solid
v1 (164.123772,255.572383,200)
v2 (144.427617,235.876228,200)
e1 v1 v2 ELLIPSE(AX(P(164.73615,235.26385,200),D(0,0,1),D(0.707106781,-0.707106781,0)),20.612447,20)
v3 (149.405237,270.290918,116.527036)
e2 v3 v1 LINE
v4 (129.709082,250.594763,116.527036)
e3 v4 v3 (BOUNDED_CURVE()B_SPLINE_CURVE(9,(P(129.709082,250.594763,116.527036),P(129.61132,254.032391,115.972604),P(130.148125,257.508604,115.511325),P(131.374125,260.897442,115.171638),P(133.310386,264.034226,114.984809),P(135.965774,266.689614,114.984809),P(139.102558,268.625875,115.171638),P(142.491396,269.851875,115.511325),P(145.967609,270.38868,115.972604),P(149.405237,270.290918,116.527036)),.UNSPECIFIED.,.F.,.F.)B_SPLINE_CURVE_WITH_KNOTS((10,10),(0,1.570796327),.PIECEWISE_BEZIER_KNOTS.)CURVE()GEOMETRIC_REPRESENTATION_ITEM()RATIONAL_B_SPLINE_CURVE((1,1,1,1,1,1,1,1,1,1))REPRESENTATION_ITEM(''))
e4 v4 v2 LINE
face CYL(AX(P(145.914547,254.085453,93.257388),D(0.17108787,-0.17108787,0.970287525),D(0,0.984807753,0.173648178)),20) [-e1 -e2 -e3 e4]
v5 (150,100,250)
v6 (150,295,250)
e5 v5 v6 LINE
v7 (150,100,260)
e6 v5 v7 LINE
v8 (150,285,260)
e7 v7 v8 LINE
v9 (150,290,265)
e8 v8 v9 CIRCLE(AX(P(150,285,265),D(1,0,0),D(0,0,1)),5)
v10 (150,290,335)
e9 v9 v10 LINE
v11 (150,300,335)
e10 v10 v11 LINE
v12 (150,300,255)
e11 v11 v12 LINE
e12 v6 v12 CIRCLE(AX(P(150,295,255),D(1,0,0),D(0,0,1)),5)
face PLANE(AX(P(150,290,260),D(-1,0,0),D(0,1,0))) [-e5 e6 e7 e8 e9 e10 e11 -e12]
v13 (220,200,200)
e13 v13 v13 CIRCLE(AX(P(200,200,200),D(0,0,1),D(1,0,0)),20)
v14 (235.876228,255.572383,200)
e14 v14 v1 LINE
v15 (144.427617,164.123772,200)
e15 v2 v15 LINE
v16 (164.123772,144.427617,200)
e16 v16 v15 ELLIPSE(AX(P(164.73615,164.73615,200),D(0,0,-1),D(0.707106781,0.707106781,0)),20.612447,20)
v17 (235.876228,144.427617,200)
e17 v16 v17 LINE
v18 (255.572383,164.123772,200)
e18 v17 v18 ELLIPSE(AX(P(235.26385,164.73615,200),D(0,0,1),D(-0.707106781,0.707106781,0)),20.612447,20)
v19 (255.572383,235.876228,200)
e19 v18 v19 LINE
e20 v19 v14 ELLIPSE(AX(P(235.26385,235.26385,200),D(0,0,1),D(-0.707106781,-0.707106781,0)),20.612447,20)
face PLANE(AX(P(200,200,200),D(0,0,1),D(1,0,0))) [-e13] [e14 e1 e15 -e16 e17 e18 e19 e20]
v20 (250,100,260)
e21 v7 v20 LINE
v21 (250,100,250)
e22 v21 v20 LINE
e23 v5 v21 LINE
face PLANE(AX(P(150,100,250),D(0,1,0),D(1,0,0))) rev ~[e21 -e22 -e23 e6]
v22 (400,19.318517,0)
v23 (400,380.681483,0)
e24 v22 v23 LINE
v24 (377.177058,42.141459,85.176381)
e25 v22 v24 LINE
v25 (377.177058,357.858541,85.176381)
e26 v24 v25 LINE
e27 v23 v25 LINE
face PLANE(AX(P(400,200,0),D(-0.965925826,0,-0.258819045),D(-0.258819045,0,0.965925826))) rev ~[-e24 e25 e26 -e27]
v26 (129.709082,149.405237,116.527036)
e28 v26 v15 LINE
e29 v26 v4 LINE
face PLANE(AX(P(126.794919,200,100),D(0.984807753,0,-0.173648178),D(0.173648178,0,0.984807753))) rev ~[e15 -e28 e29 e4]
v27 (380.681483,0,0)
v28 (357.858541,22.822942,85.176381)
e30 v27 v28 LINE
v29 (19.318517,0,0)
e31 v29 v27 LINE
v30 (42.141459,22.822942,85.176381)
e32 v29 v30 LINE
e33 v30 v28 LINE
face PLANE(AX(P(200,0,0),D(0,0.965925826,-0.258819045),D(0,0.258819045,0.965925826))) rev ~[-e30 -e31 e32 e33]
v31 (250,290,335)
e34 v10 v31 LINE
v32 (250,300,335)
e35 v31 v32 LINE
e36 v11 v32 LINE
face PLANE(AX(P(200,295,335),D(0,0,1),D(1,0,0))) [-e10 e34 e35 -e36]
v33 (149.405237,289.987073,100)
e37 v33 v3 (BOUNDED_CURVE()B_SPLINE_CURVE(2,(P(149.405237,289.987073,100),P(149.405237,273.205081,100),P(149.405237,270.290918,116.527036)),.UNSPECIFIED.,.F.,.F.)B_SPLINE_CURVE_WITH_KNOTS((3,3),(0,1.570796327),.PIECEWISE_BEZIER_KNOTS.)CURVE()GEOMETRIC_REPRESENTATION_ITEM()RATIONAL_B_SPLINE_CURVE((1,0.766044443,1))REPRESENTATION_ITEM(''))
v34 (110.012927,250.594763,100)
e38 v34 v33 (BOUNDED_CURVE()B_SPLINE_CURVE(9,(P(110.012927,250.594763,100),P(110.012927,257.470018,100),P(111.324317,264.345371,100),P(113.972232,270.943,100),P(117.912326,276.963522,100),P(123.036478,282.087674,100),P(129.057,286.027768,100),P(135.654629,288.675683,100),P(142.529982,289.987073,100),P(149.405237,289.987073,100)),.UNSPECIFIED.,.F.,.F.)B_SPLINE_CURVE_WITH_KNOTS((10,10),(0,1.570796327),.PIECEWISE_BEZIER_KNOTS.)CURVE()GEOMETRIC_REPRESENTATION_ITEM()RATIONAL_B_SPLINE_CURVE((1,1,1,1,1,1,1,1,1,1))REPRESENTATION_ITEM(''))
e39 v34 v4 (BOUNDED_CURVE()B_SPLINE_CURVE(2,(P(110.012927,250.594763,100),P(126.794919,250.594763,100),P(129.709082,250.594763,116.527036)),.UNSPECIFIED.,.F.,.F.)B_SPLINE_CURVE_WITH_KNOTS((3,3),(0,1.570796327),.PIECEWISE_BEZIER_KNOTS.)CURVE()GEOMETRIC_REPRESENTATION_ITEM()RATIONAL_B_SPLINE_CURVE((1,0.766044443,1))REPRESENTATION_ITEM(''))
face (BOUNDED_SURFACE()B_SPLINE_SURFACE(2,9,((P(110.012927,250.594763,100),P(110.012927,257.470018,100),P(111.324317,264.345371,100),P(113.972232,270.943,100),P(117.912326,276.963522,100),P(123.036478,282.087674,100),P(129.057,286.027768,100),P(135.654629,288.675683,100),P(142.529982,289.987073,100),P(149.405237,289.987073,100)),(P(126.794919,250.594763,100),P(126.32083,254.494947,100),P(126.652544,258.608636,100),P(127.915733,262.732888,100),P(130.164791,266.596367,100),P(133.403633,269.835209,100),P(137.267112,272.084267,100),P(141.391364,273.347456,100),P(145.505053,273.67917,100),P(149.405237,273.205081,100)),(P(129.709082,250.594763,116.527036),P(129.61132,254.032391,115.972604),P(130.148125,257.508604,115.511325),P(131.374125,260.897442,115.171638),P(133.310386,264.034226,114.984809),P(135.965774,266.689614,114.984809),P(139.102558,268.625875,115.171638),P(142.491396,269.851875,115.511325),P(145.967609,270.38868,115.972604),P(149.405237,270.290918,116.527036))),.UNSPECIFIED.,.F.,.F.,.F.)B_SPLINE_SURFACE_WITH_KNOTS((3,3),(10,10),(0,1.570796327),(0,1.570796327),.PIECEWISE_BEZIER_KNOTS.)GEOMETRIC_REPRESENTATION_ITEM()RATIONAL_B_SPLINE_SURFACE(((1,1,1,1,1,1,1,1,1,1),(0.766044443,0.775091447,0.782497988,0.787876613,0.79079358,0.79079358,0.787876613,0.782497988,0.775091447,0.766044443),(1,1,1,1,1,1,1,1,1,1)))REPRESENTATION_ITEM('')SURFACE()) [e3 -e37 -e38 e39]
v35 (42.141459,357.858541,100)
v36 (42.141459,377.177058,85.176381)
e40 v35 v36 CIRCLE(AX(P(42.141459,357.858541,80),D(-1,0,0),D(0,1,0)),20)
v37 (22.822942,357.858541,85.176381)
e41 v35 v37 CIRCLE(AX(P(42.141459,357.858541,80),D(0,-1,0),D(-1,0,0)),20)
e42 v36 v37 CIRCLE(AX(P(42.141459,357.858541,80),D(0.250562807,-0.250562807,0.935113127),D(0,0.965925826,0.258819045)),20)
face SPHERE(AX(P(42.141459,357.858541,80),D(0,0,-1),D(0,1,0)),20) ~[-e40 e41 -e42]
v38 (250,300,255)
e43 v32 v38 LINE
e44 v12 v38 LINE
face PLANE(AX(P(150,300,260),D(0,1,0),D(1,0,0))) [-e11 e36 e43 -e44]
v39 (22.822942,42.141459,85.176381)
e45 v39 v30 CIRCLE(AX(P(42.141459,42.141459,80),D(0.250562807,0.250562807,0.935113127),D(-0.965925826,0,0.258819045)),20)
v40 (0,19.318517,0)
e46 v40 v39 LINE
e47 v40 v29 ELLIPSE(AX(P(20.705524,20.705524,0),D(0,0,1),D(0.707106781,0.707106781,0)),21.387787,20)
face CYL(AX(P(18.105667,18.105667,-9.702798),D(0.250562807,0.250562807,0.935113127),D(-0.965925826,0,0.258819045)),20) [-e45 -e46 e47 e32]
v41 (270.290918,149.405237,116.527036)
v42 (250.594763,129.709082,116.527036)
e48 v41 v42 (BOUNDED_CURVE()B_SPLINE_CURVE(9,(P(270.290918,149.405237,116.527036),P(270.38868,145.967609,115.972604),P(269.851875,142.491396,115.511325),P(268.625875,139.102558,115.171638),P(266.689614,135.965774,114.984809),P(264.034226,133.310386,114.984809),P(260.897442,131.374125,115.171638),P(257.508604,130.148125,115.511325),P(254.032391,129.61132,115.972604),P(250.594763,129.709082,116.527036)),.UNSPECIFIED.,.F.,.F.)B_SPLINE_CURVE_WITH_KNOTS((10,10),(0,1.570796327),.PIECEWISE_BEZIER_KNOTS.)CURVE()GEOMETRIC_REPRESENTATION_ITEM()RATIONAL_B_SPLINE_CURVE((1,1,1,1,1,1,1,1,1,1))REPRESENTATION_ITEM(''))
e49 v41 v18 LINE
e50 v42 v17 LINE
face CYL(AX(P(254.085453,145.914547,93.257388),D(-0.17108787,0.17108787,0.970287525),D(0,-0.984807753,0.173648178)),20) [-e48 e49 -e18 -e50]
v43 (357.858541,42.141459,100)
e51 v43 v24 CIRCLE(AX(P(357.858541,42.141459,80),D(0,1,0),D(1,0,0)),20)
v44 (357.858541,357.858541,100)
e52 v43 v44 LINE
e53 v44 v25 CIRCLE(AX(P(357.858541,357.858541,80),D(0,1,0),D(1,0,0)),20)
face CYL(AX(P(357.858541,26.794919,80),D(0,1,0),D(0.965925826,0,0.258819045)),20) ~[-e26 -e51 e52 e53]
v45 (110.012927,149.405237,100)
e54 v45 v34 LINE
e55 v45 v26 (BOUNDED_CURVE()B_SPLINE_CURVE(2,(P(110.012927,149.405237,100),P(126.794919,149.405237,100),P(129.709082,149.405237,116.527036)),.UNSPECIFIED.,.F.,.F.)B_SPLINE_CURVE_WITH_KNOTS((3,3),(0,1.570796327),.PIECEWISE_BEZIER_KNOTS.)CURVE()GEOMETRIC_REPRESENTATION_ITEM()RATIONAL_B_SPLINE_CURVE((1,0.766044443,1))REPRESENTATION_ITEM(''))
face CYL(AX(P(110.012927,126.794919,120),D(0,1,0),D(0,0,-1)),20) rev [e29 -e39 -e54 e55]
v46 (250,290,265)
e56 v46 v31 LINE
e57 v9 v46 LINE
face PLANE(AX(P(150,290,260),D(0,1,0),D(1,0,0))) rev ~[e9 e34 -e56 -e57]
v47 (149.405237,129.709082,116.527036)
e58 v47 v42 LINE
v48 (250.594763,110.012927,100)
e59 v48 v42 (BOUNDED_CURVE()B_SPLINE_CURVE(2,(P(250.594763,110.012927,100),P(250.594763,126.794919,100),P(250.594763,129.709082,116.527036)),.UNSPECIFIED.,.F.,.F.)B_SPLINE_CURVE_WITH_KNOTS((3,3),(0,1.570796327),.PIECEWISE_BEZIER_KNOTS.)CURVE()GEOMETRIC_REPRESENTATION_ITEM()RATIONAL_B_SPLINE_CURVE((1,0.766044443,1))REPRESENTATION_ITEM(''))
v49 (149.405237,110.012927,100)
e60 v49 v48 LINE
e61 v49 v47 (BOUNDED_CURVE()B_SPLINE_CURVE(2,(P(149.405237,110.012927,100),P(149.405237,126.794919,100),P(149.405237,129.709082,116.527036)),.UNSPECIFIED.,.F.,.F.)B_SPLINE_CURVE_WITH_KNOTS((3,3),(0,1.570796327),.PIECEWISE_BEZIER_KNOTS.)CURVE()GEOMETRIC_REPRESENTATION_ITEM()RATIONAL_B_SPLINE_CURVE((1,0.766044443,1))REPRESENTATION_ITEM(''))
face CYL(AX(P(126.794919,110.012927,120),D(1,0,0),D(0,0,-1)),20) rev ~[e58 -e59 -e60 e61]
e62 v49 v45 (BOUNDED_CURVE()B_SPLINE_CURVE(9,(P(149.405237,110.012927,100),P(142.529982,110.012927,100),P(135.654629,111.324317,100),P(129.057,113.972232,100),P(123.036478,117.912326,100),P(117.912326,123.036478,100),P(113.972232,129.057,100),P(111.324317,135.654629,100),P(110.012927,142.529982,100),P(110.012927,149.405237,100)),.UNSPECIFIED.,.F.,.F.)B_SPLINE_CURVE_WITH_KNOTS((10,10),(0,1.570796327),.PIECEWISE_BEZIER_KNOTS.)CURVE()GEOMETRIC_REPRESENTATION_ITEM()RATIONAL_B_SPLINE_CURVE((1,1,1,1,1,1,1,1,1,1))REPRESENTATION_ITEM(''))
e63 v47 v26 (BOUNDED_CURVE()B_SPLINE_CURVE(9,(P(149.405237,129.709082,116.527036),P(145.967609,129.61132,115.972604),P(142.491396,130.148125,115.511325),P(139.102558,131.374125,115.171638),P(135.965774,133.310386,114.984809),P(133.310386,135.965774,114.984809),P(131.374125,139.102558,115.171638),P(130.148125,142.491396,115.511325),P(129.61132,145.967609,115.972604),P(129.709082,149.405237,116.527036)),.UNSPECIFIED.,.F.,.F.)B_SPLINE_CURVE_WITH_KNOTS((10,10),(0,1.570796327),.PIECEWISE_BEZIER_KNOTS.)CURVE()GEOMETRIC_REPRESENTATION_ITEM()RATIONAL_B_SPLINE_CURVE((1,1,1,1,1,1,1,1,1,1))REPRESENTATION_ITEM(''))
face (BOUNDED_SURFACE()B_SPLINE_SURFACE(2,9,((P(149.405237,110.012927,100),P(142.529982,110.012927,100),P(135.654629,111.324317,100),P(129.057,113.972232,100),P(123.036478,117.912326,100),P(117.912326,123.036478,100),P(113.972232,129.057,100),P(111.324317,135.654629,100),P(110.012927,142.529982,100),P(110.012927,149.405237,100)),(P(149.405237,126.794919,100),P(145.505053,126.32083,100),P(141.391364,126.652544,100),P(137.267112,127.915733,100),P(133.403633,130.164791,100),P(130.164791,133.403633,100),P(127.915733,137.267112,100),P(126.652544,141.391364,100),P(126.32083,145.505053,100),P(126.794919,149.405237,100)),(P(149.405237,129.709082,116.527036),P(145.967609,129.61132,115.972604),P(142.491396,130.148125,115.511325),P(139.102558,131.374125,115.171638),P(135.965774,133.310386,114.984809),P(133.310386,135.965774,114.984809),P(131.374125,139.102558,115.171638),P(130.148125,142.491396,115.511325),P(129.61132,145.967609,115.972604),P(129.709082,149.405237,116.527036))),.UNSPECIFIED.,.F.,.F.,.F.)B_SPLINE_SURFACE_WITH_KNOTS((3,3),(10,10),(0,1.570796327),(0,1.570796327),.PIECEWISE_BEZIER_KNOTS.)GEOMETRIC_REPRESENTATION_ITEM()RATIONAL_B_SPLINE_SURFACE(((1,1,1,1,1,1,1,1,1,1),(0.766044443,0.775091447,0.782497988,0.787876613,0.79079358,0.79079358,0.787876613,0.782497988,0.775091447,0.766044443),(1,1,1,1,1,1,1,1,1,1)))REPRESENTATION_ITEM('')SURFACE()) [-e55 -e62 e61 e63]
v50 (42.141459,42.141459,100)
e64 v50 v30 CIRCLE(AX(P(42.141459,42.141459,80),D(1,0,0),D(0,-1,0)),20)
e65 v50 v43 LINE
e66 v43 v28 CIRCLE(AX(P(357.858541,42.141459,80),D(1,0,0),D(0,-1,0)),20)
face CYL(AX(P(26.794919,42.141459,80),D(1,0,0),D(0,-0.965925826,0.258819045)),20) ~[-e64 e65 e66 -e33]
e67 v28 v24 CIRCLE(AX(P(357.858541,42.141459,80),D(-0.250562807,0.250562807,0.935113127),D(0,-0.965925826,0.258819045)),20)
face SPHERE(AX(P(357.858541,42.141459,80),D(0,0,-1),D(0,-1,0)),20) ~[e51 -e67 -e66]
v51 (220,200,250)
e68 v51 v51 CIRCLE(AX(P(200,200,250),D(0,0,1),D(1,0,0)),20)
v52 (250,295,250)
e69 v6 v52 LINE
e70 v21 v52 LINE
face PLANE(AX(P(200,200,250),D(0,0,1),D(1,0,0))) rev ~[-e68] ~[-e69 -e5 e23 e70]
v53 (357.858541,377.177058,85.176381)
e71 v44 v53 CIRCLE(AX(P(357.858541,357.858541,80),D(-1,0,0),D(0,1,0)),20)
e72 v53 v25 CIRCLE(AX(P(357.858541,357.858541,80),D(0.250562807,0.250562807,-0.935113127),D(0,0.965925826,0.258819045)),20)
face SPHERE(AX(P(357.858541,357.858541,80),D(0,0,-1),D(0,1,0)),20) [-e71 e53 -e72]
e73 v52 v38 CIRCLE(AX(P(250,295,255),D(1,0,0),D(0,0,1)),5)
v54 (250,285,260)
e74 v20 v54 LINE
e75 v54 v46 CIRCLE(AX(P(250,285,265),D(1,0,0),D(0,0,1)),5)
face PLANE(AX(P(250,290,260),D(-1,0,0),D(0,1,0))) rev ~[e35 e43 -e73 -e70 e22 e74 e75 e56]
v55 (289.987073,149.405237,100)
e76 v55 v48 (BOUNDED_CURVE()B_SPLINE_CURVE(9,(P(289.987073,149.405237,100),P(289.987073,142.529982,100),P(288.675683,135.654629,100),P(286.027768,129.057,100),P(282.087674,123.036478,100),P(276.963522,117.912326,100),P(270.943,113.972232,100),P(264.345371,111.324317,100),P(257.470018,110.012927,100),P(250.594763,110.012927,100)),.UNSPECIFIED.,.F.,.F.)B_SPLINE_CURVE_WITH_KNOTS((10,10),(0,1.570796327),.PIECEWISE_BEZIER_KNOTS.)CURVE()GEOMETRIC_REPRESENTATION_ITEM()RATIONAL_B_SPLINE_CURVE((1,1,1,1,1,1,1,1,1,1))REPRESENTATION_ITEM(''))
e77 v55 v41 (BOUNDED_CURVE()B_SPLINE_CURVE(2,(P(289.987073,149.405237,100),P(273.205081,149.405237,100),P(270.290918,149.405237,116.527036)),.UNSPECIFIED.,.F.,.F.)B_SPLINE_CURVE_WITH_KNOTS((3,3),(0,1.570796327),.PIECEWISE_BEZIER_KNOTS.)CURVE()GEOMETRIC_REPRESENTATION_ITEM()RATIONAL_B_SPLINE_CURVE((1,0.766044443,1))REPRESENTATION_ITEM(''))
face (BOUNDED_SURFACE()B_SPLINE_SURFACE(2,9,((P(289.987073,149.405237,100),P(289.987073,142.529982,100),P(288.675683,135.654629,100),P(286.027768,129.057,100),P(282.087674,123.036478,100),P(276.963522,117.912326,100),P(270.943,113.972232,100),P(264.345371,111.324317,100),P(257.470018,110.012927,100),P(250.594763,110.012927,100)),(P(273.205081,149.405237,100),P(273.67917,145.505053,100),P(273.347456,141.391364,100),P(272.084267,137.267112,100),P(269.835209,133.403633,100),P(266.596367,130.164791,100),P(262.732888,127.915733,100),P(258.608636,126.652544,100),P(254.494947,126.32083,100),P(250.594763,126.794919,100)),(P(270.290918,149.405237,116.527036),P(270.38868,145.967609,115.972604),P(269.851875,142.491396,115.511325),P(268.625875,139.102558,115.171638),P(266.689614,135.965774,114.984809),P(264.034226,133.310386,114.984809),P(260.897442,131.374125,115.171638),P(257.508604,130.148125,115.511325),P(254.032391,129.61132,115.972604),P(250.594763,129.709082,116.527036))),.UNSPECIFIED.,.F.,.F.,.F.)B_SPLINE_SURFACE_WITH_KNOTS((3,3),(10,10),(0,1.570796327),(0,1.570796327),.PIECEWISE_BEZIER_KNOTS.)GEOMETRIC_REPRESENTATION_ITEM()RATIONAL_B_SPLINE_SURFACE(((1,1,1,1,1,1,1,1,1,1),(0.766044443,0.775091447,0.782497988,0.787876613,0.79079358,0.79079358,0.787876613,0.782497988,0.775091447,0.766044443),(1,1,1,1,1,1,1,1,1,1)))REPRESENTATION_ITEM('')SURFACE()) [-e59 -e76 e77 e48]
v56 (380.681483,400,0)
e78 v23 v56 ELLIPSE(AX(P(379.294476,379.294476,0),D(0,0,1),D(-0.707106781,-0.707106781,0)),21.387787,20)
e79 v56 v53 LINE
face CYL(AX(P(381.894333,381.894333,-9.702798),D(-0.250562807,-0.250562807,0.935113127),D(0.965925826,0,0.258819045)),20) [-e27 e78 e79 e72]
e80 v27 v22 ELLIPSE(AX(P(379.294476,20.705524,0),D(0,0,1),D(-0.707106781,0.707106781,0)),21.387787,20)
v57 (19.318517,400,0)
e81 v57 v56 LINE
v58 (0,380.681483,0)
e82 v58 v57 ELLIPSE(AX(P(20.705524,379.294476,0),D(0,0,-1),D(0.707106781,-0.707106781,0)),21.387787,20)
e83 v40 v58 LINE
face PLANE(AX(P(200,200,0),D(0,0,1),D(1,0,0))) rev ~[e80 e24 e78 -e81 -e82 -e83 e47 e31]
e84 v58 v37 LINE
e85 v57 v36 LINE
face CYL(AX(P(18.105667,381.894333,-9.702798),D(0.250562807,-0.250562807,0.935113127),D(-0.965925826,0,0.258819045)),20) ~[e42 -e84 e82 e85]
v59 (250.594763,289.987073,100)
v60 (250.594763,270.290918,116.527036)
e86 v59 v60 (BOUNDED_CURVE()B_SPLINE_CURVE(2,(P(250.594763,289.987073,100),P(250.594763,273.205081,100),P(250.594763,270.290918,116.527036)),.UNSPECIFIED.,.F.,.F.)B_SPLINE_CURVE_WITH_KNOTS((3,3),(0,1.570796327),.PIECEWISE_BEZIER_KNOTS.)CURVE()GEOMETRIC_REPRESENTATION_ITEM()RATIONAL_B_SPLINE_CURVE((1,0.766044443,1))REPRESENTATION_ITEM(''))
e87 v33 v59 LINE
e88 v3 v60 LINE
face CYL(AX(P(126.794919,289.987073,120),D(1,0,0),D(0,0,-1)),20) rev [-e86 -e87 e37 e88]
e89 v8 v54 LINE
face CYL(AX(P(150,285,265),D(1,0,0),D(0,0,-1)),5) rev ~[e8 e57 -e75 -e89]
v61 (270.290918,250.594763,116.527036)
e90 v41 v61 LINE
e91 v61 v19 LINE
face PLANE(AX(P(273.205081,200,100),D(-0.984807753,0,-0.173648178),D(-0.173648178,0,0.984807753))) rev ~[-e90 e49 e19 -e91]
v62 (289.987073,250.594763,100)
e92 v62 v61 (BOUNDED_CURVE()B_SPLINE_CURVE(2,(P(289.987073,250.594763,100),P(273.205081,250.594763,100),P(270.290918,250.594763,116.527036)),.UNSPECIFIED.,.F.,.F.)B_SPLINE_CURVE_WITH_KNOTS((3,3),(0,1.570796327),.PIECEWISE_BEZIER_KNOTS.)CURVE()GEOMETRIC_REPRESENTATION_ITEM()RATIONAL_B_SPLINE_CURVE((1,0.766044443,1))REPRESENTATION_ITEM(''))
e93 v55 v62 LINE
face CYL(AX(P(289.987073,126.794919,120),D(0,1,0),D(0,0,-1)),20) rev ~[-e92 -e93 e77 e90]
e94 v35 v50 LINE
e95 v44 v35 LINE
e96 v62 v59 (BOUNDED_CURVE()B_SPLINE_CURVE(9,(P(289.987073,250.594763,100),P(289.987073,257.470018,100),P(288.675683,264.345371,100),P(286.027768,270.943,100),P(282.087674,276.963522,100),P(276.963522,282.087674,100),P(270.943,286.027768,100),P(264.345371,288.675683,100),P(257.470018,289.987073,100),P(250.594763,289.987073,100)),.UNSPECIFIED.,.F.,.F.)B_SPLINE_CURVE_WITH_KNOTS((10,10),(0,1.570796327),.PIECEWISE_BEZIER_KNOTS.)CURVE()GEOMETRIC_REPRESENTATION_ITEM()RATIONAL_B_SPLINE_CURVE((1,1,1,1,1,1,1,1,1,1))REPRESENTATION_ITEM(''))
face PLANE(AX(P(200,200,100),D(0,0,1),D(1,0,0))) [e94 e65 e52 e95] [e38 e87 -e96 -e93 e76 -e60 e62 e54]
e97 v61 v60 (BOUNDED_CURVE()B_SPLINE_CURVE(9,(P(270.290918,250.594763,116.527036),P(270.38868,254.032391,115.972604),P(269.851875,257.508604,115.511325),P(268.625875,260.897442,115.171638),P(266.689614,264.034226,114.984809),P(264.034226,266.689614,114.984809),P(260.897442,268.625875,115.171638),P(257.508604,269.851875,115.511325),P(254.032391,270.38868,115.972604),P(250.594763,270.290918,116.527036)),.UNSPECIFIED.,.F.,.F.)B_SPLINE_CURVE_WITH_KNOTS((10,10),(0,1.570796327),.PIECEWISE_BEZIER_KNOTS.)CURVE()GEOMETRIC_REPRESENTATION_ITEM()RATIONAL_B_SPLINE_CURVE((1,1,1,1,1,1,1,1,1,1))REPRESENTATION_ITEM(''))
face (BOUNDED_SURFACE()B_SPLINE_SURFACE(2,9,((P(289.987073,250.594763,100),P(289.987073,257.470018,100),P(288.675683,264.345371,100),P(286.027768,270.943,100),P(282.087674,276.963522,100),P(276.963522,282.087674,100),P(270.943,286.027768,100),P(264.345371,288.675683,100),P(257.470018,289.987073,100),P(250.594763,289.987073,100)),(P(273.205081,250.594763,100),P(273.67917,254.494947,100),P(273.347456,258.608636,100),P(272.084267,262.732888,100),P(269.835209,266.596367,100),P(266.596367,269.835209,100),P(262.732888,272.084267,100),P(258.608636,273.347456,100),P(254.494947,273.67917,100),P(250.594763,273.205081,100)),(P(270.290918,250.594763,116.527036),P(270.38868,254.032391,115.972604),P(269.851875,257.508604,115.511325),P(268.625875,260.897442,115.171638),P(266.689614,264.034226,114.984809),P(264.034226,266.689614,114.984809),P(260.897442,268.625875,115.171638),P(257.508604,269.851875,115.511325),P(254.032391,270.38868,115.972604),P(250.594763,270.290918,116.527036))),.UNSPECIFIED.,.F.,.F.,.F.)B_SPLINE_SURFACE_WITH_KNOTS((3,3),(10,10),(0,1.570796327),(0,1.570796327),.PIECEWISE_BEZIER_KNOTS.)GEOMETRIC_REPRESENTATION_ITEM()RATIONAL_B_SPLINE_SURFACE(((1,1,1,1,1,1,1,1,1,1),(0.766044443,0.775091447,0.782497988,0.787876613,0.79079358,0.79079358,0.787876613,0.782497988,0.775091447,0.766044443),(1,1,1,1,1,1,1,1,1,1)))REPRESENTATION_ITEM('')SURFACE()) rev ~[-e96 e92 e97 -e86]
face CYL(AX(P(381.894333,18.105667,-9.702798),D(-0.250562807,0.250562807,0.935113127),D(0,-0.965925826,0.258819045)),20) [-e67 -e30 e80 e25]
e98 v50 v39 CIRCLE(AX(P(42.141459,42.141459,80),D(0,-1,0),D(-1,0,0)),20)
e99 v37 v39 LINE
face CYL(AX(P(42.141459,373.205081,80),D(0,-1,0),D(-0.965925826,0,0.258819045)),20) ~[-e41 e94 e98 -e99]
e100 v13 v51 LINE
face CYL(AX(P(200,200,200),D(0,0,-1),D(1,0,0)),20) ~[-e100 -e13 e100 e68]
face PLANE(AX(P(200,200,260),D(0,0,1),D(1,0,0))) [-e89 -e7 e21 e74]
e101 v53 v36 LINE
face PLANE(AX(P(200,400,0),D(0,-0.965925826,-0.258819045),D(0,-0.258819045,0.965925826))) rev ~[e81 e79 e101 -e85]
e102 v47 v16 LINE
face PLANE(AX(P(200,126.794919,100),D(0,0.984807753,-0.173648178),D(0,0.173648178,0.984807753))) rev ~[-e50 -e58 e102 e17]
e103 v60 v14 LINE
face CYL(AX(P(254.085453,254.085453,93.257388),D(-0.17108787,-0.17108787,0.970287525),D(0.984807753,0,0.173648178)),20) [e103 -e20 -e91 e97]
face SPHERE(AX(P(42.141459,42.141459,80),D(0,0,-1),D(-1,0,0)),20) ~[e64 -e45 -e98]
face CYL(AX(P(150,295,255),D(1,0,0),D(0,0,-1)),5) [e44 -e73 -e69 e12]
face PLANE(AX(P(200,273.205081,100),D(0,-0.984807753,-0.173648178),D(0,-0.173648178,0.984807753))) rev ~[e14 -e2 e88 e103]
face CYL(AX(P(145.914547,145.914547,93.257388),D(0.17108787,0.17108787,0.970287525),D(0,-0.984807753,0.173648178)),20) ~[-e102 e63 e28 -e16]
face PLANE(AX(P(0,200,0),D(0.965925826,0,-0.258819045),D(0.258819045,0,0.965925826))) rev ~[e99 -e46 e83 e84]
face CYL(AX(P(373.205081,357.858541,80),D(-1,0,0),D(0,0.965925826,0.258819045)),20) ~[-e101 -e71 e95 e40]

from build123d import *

# Parameters (mm, degrees)
F0_W      = 400
F0_H      = 400
F1_DEPTH  = 100
F1_TAPER  = 15
F2_W      = 146.4101615138
F2_H      = 146.4101615138
F3_DEPTH  = 100
F3_TAPER  = 10
F4_R      = 20
F5_R      = 20
F6_DEPTH  = 50
F7_W      = 100
F7_H      = 200
F7_R      = 20
F8_DEPTH  = 10
F9_W      = 100
F9_H      = 10
F10_DEPTH = 75
F11_R     = 5


with BuildPart() as f1:
    # F0 (on Top) → F1 (new body)
    with BuildSketch(Plane.XY):
        with Locations((200, 200)):
            Rectangle(F0_W, F0_H)
    extrude(amount=F1_DEPTH, taper=F1_TAPER)

    # F2 (on face) → F3 (join)
    with BuildSketch(Plane.XY.offset(100)):
        with Locations((200, 200)):
            Rectangle(F2_W, F2_H)
    extrude(amount=F3_DEPTH, taper=F3_TAPER)

    # F4
    f4_edges = [f1.edges().sort_by_distance(p)[0] for p in [
        (13.39746, 13.39746, 50),
        (386.60254, 13.39746, 50),
        (13.39746, 386.60254, 50),
        (386.60254, 386.60254, 50),
        (200, 373.205081, 100),
        (26.794919, 200, 100),
        (200, 26.794919, 100),
        (373.205081, 200, 100),
        (273.205081, 200, 100),
        (200, 126.794919, 100),
        (264.388732, 135.611268, 150),
        (126.794919, 200, 100),
        (135.611268, 135.611268, 150),
        (200, 273.205081, 100),
        (264.388731, 264.388731, 150.000003),
        (135.611268, 264.388732, 150),
    ]]
    fillet(f4_edges, radius=F4_R)

    # F5 (on face) → F6 (join)
    with BuildSketch(Plane.XY.offset(200)):
        with Locations((200, 200)):
            Circle(F5_R)
    extrude(amount=F6_DEPTH)

    # F7 (on face) → F8 (join)
    with BuildSketch(Plane.XY.offset(250)):
        with Locations((200, 200)):
            Rectangle(F7_W, F7_H)
        with Locations((200, 200)):
            Circle(F7_R, mode=Mode.SUBTRACT)
        with Locations((200, 200)):
            Circle(F7_R)
    extrude(amount=F8_DEPTH)

    # F9 (on face) → F10 (join)
    with BuildSketch(Plane.XY.offset(260)):
        with Locations((200, 295)):
            Rectangle(F9_W, F9_H)
    extrude(amount=F10_DEPTH)

    # F11
    f11_edges = [f1.edges().sort_by_distance(p)[0] for p in [
        (200, 290, 260),
        (200, 300, 250),
    ]]
    fillet(f11_edges, radius=F11_R)


solid = f1.part
